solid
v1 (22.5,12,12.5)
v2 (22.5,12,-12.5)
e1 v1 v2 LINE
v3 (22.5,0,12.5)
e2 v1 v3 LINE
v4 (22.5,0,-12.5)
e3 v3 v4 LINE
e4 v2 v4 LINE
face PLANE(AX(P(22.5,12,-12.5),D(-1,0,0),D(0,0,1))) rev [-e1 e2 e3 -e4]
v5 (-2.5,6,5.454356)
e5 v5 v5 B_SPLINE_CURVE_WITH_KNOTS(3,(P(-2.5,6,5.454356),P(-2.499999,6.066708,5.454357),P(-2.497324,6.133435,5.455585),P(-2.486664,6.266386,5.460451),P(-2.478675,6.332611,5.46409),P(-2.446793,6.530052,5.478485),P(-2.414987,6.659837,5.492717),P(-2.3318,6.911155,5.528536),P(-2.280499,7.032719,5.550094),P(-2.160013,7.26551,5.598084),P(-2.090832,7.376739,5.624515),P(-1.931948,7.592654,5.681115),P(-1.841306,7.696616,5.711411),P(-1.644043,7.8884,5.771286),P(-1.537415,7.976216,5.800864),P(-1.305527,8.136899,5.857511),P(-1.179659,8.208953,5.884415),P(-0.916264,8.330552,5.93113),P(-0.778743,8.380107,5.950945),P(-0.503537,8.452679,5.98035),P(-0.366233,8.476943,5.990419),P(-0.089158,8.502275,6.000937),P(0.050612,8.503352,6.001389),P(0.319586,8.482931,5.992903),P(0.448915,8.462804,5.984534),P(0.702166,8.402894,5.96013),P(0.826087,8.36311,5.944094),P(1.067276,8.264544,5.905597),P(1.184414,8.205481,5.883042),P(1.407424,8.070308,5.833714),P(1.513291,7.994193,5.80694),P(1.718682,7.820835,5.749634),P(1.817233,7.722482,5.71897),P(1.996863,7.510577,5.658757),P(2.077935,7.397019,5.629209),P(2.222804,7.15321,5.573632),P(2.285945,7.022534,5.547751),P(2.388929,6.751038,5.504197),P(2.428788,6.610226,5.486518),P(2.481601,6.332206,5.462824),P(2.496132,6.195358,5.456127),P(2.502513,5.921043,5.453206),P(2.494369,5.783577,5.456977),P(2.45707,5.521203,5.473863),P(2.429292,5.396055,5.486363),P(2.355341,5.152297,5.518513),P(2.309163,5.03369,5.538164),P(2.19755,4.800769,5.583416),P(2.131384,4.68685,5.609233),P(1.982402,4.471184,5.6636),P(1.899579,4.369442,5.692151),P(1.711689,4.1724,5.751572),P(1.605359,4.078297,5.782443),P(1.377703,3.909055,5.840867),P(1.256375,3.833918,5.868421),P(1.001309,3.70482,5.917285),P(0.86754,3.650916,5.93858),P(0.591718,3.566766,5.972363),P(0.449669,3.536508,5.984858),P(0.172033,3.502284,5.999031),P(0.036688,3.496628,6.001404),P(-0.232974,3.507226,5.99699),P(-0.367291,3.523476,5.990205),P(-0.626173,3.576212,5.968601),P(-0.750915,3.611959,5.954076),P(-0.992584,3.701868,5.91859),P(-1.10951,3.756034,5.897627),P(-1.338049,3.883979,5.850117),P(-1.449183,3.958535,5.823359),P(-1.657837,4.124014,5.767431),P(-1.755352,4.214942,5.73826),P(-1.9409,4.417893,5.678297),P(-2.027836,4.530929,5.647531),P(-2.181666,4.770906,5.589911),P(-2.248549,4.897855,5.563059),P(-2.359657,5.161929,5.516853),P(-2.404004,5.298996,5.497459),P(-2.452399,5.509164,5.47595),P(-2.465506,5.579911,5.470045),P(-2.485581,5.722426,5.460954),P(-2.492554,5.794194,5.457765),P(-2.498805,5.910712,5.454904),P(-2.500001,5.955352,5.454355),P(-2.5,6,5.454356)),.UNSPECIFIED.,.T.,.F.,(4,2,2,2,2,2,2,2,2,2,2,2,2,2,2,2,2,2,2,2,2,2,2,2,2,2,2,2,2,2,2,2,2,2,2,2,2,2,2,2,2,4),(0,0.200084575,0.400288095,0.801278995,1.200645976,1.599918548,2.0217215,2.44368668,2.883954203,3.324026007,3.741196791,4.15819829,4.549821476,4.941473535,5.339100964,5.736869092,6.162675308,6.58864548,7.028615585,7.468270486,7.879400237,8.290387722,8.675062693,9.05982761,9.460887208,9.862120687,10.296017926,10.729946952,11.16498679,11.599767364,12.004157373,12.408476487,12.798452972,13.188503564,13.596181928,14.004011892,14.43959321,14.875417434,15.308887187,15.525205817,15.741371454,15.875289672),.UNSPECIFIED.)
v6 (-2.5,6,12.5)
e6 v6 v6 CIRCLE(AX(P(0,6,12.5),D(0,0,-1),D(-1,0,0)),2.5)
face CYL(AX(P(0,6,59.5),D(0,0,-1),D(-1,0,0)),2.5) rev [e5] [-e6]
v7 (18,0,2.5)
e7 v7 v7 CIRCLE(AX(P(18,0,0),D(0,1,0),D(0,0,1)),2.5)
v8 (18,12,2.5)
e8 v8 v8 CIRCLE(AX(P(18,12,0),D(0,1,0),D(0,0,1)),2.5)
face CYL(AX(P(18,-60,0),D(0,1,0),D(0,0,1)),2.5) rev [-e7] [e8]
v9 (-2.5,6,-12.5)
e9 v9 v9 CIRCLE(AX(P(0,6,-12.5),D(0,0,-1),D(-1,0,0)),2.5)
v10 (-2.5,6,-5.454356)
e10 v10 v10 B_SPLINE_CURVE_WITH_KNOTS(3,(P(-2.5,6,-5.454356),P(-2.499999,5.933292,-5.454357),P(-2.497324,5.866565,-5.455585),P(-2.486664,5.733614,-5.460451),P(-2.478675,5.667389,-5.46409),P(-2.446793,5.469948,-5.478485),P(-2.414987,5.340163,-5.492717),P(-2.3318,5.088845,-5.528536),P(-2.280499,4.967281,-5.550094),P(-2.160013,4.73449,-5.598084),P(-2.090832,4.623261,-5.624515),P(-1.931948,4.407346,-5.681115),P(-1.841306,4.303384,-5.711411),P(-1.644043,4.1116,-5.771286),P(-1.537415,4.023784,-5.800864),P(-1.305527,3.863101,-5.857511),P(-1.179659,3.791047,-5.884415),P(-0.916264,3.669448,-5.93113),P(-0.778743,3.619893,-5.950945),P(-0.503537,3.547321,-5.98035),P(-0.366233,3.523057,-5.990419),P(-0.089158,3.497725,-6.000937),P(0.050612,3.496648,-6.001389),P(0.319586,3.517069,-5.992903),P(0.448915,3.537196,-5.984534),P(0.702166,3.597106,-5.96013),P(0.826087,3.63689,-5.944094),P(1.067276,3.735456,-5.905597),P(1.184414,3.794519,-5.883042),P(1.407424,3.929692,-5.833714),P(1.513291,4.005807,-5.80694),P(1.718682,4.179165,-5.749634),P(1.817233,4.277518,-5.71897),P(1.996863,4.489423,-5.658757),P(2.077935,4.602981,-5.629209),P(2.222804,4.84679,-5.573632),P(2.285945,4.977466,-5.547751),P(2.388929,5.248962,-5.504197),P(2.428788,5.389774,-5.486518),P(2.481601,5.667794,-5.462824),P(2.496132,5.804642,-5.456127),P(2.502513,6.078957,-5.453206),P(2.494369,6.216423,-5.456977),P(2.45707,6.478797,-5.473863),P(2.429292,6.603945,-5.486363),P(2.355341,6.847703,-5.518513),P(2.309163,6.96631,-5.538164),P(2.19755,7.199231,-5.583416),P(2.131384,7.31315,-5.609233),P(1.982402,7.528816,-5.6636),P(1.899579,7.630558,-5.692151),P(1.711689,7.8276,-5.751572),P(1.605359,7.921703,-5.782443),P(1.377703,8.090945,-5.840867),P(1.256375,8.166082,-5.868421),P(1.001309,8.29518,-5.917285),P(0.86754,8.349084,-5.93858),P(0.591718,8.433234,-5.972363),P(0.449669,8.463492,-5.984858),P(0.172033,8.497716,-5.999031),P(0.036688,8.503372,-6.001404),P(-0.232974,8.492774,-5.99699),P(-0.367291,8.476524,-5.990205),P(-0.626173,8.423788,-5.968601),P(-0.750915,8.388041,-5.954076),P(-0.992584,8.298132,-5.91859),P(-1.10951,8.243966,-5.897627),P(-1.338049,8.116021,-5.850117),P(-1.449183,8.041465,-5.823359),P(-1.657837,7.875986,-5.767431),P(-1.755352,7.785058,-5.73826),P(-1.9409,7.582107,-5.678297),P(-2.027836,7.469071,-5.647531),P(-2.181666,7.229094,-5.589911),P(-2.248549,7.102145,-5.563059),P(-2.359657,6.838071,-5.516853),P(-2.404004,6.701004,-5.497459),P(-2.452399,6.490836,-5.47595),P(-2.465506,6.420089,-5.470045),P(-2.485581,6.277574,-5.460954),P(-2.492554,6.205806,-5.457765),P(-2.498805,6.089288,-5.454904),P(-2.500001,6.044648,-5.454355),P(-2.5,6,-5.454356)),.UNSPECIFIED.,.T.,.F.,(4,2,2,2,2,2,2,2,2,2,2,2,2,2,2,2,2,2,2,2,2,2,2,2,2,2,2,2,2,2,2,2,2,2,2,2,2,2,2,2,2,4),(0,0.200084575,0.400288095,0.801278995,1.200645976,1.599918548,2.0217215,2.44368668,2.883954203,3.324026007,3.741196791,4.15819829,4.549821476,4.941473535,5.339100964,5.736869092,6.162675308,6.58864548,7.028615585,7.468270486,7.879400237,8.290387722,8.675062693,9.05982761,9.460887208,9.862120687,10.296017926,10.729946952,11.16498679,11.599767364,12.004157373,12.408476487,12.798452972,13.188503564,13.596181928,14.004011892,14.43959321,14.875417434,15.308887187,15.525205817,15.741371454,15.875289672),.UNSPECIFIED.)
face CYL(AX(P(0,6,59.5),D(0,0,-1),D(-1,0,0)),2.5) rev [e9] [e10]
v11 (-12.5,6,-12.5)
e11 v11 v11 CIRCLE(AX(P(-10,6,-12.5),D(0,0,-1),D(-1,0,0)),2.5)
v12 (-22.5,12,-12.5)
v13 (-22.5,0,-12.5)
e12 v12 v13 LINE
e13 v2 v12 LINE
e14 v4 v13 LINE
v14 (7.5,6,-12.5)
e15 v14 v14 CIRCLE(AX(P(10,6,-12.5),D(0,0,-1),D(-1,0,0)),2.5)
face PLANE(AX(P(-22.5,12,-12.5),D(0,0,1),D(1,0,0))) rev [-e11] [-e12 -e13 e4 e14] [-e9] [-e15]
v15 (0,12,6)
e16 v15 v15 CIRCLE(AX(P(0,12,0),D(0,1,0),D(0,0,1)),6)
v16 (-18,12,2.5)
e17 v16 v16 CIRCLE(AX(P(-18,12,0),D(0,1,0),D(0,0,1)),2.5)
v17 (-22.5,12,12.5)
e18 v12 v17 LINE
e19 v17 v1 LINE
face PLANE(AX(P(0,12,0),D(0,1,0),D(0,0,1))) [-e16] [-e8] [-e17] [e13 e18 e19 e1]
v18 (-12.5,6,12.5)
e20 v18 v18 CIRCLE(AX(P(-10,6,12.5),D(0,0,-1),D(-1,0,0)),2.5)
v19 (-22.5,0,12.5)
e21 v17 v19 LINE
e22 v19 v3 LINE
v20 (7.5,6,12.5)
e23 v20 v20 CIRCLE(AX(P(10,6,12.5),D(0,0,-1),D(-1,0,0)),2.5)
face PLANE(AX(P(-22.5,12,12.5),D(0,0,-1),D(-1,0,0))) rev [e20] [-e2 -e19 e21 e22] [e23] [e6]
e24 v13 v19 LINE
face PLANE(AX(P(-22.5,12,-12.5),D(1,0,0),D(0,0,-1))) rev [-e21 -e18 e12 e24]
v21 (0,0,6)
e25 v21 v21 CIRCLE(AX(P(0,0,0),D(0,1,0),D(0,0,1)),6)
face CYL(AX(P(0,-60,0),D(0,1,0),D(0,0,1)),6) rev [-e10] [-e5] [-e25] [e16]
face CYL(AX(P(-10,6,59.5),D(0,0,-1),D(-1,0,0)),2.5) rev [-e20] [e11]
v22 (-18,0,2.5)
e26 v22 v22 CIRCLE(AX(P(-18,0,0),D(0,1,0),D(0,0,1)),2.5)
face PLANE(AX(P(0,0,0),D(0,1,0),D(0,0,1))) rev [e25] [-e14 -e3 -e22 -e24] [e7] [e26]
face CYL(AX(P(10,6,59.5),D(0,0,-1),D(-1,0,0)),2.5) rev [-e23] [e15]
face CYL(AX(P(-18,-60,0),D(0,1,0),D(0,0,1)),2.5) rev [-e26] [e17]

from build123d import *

# Parameters (mm, degrees)
SKETCH1_W           = 45
SKETCH1_H           = 25
BOSS_EXTRUDE1_DEPTH = 12
SKETCH2_R           = 2.5
CUT_EXTRUDE1_DEPTH  = 12
SKETCH3_R           = 2.5
CUT_EXTRUDE2_DEPTH  = 72
SKETCH4_R           = 2.5
CUT_EXTRUDE3_DEPTH  = 72
SKETCH5_R           = 6
CUT_EXTRUDE4_DEPTH  = 72
SKETCH6_R           = 2.5
CUT_EXTRUDE5_DEPTH  = 72
SKETCH7_R           = 2.5
BOSS_EXTRUDE2_DEPTH = 12


with BuildPart() as part:
    # Sketch1 → Boss-Extrude1 (new body)
    with BuildSketch(Plane(origin=(0, 0, 0), x_dir=(1, 0, 0), z_dir=(0, 1, 0))):
        Rectangle(SKETCH1_W, SKETCH1_H)
    extrude(amount=BOSS_EXTRUDE1_DEPTH)

    # Sketch2 → Cut-Extrude1 (cut)
    with BuildSketch(Plane(origin=(0, 12, 0), x_dir=(1, 0, 0), z_dir=(0, 1, 0))):
        with Locations((-18, -7.5)):
            Circle(SKETCH2_R)
        with Locations((-18, 7.5)):
            Circle(SKETCH2_R)
        with Locations((18, -7.5)):
            Circle(SKETCH2_R)
        with Locations((18, 7.5)):
            Circle(SKETCH2_R)
    extrude(amount=-CUT_EXTRUDE1_DEPTH, mode=Mode.SUBTRACT)

    # Sketch3 → Cut-Extrude2 (cut)
    with BuildSketch(Plane(origin=(0, 0, -12.5), x_dir=(-1, 0, 0), z_dir=(0, 0, -1))):
        with Locations((0, 6)):
            Circle(SKETCH3_R)
    extrude(amount=-CUT_EXTRUDE2_DEPTH, mode=Mode.SUBTRACT)

    # Sketch4 → Cut-Extrude3 (cut)
    with BuildSketch(Plane(origin=(0, 0, -12.5), x_dir=(-1, 0, 0), z_dir=(0, 0, -1))):
        with Locations((10, 6)):
            Circle(SKETCH4_R)
        with Locations((-10, 6)):
            Circle(SKETCH4_R)
    extrude(amount=-CUT_EXTRUDE3_DEPTH, mode=Mode.SUBTRACT)

    # Sketch5 → Cut-Extrude4 (cut)
    with BuildSketch(Plane(origin=(0, 12, 0), x_dir=(1, 0, 0), z_dir=(0, 1, 0))):
        Circle(SKETCH5_R)
    extrude(amount=-CUT_EXTRUDE4_DEPTH, mode=Mode.SUBTRACT)

    # Sketch6 → Cut-Extrude5 (cut)
    with BuildSketch(Plane(origin=(0, 12, 0), x_dir=(1, 0, 0), z_dir=(0, 1, 0))):
        with Locations((-18, 0)):
            Circle(SKETCH6_R)
        with Locations((18, 0)):
            Circle(SKETCH6_R)
    extrude(amount=-CUT_EXTRUDE5_DEPTH, mode=Mode.SUBTRACT)

    # Sketch7 → Boss-Extrude2 (add)
    with BuildSketch(Plane(origin=(0, 12, 0), x_dir=(1, 0, 0), z_dir=(0, 1, 0))):
        with Locations((18, -7.5)):
            Circle(SKETCH7_R)
        with Locations((18, 7.5)):
            Circle(SKETCH7_R)
        with Locations((-18, -7.5)):
            Circle(SKETCH7_R)
        with Locations((-18, 7.5)):
            Circle(SKETCH7_R)
    extrude(amount=-BOSS_EXTRUDE2_DEPTH)


solid = part.part
